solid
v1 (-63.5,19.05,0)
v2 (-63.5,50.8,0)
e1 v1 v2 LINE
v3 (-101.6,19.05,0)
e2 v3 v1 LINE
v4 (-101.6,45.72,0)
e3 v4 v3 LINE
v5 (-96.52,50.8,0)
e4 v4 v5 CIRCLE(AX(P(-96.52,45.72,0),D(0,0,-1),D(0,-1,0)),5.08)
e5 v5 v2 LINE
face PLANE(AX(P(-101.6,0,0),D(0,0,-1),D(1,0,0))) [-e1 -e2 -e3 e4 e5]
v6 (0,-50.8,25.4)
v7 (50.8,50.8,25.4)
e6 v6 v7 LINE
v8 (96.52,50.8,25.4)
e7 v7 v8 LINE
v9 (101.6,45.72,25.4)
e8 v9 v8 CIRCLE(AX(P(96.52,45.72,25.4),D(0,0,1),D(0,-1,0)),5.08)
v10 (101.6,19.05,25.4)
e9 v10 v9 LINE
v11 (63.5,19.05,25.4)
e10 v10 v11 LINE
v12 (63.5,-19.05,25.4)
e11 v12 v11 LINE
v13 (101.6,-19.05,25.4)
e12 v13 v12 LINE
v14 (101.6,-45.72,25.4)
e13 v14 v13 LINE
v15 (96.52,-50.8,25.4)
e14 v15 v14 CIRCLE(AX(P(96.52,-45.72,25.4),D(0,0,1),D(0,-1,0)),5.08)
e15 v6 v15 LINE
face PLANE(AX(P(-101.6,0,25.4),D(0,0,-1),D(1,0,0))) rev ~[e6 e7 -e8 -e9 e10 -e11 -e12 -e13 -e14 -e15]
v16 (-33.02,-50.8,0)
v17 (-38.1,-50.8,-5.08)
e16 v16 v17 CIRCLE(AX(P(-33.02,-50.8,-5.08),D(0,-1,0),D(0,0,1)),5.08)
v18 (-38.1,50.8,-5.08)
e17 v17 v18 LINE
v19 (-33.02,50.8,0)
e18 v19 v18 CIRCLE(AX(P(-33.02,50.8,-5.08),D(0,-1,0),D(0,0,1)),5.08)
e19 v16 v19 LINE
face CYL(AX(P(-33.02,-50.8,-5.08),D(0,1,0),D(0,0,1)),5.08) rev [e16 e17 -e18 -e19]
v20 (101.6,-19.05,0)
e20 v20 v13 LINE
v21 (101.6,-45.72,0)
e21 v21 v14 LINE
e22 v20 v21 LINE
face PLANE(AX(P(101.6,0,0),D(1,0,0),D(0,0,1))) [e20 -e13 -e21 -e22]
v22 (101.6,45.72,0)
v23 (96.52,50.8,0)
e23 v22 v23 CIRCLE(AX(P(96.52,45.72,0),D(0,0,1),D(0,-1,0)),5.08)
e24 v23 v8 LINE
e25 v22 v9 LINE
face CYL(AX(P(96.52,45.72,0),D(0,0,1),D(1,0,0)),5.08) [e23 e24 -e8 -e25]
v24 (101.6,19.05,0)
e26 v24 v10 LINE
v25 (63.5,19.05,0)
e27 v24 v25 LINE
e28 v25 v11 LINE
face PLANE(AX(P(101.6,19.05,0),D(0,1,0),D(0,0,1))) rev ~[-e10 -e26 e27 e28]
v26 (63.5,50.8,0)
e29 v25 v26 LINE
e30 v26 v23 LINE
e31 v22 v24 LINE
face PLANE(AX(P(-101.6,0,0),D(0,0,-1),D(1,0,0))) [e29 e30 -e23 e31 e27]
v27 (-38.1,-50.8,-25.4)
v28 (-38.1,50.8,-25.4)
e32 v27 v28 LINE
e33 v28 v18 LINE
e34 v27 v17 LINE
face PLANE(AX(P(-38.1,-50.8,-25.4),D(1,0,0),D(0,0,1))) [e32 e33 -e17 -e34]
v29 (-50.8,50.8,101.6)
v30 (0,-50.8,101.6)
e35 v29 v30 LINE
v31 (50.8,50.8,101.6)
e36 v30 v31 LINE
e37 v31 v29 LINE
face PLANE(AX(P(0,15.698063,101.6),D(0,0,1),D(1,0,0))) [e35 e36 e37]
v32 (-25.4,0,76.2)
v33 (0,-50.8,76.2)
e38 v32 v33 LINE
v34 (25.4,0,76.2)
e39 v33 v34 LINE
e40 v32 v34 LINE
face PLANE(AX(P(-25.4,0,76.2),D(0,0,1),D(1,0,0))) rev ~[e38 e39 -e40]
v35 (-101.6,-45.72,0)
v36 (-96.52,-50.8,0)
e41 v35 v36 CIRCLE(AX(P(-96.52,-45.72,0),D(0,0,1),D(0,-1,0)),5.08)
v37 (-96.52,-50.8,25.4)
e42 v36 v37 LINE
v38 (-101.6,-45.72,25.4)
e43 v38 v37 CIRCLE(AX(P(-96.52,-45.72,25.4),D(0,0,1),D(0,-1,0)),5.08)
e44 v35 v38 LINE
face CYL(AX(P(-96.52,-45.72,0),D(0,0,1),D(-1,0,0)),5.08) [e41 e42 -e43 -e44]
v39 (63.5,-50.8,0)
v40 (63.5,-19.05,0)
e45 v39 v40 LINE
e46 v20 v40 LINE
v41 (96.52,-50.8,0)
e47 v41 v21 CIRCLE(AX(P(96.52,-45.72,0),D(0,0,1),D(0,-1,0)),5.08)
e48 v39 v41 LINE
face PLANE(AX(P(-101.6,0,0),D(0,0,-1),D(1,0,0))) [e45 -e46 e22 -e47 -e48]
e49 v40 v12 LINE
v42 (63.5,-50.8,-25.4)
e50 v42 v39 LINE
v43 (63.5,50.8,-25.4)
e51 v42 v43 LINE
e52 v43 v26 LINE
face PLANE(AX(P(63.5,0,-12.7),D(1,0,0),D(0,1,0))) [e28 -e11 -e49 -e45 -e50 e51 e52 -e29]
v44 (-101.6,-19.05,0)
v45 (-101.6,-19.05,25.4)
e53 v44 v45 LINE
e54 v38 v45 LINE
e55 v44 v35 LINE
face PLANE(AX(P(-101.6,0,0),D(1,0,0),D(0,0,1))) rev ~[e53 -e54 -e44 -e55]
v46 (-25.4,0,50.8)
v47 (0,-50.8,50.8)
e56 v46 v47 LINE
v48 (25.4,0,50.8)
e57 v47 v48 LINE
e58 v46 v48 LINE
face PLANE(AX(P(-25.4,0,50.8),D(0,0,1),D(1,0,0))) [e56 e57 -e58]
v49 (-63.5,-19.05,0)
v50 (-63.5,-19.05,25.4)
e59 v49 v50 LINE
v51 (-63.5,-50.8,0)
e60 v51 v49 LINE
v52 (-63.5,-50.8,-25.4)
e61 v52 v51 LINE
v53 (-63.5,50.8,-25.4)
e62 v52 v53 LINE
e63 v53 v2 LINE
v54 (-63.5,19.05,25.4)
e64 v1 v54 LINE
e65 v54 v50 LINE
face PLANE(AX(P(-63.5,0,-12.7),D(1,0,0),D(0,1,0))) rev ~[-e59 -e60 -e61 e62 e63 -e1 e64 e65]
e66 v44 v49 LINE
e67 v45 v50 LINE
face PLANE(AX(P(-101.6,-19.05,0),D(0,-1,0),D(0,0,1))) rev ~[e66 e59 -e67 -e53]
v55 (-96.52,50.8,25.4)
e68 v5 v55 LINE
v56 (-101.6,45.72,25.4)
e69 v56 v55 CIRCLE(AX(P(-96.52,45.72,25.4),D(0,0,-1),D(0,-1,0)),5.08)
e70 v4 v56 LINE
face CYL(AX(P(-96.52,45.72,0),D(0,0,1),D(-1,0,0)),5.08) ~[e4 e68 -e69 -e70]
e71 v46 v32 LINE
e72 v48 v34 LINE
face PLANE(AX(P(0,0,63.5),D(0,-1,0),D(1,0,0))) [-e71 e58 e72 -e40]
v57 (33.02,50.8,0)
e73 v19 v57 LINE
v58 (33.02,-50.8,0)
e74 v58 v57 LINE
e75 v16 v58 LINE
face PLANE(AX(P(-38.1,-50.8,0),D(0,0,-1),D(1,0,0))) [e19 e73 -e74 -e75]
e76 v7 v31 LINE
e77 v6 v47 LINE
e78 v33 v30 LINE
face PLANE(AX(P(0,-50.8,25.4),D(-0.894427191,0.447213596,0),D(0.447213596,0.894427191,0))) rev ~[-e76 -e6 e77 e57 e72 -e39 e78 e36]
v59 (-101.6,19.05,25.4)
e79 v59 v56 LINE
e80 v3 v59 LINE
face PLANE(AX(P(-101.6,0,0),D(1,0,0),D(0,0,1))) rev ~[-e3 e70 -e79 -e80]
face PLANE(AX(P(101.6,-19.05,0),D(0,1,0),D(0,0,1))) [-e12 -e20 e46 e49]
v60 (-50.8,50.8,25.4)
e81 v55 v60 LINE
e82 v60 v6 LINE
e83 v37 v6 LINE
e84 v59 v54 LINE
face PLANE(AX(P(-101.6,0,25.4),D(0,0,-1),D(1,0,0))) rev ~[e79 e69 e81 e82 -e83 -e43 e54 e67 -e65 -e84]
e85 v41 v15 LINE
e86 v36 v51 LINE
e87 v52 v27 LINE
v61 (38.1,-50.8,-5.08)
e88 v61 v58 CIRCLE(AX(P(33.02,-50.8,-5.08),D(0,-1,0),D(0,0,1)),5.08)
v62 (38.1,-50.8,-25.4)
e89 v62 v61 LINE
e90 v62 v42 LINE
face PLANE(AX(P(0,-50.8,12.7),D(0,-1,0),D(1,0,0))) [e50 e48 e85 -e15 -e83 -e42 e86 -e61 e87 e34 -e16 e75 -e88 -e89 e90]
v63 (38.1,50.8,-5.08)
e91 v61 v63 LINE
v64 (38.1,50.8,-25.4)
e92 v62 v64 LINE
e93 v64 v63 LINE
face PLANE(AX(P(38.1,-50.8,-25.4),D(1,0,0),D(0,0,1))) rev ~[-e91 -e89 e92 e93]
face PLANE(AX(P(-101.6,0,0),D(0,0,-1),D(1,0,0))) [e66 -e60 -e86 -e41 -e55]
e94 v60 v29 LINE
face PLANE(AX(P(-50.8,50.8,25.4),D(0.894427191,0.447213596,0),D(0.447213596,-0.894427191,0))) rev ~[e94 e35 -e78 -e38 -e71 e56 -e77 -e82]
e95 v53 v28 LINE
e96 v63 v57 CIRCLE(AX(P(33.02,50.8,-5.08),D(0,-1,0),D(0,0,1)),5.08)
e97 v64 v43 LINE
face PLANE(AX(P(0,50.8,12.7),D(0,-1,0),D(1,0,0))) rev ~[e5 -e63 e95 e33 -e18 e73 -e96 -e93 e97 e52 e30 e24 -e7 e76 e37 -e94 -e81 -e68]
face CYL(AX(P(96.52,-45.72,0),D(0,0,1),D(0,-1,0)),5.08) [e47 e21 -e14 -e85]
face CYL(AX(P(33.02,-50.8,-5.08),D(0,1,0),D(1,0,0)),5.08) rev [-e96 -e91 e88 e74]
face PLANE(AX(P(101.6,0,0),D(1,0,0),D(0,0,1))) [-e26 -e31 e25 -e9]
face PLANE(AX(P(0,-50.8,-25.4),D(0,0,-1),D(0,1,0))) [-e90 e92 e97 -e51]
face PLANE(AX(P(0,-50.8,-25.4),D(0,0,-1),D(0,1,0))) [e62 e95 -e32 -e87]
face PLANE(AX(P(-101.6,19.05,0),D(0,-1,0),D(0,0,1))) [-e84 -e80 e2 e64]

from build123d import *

# Parameters (mm, degrees)
F0_W      = 203.2
F0_H      = 25.4
F1_DEPTH  = 50.8
F2_R      = 5.08
F4_DEPTH  = 76.2
F5_W      = 101.6
F5_H      = 25.4
F6_DEPTH  = 63.5
F7_W      = 50.8
F7_H      = 25.4
F8_DEPTH  = 50.801
F9_W      = 38.1
F9_H      = 25.4
F10_DEPTH = 38.1
F11_W     = 38.1
F11_H     = 25.4
F12_DEPTH = 38.1
F13_W     = 76.2
F13_H     = 25.4
F14_DEPTH = 101.601
F15_R     = 5.08


with BuildPart() as f1:
    # F0 (on Front) → F1 (new body, symmetric)
    with BuildSketch(Plane.XZ):
        with Locations((0, 12.7)):
            Rectangle(F0_W, F0_H)
    extrude(amount=F1_DEPTH, both=True)

    # F2
    f2_edges = [f1.edges().sort_by_distance(p)[0] for p in [
        (101.6, -50.8, 12.7),
        (101.6, 50.8, 12.7),
        (-101.6, -50.8, 12.7),
        (-101.6, 50.8, 12.7),
    ]]
    fillet(f2_edges, radius=F2_R)

    # F3 (on face) → F4 (join)
    with BuildSketch(Plane.XY.offset(25.4)):
        Polygon((50.8, 50.8), (-50.8, 50.8), (0, -50.8), align=None)
    extrude(amount=F4_DEPTH)

    # F5 (on Right) → F6 (join, symmetric)
    with BuildSketch(Plane.YZ):
        with Locations((0, -12.7)):
            Rectangle(F5_W, F5_H)
    extrude(amount=F6_DEPTH, both=True)

    # F7 (on Front) → F8 (cut, through all)
    with BuildSketch(Plane.XZ):
        with Locations((0, 63.5)):
            Rectangle(F7_W, F7_H)
    extrude(amount=F8_DEPTH, mode=Mode.SUBTRACT)

    # F9 (on face) → F10 (cut)
    with BuildSketch(Plane(origin=(-101.6, 0, 0), x_dir=(0, -1, 0), z_dir=(-1, 0, 0))):
        with Locations((0, 12.7)):
            Rectangle(F9_W, F9_H)
    extrude(amount=-F10_DEPTH, mode=Mode.SUBTRACT)

    # F11 (on face) → F12 (cut)
    with BuildSketch(Plane.YZ.offset(101.6)):
        with Locations((0, 12.7)):
            Rectangle(F11_W, F11_H)
    extrude(amount=-F12_DEPTH, mode=Mode.SUBTRACT)

    # F13 (on face) → F14 (cut, through all)
    with BuildSketch(Plane.XZ.offset(50.8)):
        with Locations((0, -12.7)):
            Rectangle(F13_W, F13_H)
    extrude(amount=-F14_DEPTH, mode=Mode.SUBTRACT)

    # F15
    f15_edges = [f1.edges().sort_by_distance(p)[0] for p in [
        (-38.1, 0, 0),
        (38.1, 0, 0),
    ]]
    fillet(f15_edges, radius=F15_R)


solid = f1.part
